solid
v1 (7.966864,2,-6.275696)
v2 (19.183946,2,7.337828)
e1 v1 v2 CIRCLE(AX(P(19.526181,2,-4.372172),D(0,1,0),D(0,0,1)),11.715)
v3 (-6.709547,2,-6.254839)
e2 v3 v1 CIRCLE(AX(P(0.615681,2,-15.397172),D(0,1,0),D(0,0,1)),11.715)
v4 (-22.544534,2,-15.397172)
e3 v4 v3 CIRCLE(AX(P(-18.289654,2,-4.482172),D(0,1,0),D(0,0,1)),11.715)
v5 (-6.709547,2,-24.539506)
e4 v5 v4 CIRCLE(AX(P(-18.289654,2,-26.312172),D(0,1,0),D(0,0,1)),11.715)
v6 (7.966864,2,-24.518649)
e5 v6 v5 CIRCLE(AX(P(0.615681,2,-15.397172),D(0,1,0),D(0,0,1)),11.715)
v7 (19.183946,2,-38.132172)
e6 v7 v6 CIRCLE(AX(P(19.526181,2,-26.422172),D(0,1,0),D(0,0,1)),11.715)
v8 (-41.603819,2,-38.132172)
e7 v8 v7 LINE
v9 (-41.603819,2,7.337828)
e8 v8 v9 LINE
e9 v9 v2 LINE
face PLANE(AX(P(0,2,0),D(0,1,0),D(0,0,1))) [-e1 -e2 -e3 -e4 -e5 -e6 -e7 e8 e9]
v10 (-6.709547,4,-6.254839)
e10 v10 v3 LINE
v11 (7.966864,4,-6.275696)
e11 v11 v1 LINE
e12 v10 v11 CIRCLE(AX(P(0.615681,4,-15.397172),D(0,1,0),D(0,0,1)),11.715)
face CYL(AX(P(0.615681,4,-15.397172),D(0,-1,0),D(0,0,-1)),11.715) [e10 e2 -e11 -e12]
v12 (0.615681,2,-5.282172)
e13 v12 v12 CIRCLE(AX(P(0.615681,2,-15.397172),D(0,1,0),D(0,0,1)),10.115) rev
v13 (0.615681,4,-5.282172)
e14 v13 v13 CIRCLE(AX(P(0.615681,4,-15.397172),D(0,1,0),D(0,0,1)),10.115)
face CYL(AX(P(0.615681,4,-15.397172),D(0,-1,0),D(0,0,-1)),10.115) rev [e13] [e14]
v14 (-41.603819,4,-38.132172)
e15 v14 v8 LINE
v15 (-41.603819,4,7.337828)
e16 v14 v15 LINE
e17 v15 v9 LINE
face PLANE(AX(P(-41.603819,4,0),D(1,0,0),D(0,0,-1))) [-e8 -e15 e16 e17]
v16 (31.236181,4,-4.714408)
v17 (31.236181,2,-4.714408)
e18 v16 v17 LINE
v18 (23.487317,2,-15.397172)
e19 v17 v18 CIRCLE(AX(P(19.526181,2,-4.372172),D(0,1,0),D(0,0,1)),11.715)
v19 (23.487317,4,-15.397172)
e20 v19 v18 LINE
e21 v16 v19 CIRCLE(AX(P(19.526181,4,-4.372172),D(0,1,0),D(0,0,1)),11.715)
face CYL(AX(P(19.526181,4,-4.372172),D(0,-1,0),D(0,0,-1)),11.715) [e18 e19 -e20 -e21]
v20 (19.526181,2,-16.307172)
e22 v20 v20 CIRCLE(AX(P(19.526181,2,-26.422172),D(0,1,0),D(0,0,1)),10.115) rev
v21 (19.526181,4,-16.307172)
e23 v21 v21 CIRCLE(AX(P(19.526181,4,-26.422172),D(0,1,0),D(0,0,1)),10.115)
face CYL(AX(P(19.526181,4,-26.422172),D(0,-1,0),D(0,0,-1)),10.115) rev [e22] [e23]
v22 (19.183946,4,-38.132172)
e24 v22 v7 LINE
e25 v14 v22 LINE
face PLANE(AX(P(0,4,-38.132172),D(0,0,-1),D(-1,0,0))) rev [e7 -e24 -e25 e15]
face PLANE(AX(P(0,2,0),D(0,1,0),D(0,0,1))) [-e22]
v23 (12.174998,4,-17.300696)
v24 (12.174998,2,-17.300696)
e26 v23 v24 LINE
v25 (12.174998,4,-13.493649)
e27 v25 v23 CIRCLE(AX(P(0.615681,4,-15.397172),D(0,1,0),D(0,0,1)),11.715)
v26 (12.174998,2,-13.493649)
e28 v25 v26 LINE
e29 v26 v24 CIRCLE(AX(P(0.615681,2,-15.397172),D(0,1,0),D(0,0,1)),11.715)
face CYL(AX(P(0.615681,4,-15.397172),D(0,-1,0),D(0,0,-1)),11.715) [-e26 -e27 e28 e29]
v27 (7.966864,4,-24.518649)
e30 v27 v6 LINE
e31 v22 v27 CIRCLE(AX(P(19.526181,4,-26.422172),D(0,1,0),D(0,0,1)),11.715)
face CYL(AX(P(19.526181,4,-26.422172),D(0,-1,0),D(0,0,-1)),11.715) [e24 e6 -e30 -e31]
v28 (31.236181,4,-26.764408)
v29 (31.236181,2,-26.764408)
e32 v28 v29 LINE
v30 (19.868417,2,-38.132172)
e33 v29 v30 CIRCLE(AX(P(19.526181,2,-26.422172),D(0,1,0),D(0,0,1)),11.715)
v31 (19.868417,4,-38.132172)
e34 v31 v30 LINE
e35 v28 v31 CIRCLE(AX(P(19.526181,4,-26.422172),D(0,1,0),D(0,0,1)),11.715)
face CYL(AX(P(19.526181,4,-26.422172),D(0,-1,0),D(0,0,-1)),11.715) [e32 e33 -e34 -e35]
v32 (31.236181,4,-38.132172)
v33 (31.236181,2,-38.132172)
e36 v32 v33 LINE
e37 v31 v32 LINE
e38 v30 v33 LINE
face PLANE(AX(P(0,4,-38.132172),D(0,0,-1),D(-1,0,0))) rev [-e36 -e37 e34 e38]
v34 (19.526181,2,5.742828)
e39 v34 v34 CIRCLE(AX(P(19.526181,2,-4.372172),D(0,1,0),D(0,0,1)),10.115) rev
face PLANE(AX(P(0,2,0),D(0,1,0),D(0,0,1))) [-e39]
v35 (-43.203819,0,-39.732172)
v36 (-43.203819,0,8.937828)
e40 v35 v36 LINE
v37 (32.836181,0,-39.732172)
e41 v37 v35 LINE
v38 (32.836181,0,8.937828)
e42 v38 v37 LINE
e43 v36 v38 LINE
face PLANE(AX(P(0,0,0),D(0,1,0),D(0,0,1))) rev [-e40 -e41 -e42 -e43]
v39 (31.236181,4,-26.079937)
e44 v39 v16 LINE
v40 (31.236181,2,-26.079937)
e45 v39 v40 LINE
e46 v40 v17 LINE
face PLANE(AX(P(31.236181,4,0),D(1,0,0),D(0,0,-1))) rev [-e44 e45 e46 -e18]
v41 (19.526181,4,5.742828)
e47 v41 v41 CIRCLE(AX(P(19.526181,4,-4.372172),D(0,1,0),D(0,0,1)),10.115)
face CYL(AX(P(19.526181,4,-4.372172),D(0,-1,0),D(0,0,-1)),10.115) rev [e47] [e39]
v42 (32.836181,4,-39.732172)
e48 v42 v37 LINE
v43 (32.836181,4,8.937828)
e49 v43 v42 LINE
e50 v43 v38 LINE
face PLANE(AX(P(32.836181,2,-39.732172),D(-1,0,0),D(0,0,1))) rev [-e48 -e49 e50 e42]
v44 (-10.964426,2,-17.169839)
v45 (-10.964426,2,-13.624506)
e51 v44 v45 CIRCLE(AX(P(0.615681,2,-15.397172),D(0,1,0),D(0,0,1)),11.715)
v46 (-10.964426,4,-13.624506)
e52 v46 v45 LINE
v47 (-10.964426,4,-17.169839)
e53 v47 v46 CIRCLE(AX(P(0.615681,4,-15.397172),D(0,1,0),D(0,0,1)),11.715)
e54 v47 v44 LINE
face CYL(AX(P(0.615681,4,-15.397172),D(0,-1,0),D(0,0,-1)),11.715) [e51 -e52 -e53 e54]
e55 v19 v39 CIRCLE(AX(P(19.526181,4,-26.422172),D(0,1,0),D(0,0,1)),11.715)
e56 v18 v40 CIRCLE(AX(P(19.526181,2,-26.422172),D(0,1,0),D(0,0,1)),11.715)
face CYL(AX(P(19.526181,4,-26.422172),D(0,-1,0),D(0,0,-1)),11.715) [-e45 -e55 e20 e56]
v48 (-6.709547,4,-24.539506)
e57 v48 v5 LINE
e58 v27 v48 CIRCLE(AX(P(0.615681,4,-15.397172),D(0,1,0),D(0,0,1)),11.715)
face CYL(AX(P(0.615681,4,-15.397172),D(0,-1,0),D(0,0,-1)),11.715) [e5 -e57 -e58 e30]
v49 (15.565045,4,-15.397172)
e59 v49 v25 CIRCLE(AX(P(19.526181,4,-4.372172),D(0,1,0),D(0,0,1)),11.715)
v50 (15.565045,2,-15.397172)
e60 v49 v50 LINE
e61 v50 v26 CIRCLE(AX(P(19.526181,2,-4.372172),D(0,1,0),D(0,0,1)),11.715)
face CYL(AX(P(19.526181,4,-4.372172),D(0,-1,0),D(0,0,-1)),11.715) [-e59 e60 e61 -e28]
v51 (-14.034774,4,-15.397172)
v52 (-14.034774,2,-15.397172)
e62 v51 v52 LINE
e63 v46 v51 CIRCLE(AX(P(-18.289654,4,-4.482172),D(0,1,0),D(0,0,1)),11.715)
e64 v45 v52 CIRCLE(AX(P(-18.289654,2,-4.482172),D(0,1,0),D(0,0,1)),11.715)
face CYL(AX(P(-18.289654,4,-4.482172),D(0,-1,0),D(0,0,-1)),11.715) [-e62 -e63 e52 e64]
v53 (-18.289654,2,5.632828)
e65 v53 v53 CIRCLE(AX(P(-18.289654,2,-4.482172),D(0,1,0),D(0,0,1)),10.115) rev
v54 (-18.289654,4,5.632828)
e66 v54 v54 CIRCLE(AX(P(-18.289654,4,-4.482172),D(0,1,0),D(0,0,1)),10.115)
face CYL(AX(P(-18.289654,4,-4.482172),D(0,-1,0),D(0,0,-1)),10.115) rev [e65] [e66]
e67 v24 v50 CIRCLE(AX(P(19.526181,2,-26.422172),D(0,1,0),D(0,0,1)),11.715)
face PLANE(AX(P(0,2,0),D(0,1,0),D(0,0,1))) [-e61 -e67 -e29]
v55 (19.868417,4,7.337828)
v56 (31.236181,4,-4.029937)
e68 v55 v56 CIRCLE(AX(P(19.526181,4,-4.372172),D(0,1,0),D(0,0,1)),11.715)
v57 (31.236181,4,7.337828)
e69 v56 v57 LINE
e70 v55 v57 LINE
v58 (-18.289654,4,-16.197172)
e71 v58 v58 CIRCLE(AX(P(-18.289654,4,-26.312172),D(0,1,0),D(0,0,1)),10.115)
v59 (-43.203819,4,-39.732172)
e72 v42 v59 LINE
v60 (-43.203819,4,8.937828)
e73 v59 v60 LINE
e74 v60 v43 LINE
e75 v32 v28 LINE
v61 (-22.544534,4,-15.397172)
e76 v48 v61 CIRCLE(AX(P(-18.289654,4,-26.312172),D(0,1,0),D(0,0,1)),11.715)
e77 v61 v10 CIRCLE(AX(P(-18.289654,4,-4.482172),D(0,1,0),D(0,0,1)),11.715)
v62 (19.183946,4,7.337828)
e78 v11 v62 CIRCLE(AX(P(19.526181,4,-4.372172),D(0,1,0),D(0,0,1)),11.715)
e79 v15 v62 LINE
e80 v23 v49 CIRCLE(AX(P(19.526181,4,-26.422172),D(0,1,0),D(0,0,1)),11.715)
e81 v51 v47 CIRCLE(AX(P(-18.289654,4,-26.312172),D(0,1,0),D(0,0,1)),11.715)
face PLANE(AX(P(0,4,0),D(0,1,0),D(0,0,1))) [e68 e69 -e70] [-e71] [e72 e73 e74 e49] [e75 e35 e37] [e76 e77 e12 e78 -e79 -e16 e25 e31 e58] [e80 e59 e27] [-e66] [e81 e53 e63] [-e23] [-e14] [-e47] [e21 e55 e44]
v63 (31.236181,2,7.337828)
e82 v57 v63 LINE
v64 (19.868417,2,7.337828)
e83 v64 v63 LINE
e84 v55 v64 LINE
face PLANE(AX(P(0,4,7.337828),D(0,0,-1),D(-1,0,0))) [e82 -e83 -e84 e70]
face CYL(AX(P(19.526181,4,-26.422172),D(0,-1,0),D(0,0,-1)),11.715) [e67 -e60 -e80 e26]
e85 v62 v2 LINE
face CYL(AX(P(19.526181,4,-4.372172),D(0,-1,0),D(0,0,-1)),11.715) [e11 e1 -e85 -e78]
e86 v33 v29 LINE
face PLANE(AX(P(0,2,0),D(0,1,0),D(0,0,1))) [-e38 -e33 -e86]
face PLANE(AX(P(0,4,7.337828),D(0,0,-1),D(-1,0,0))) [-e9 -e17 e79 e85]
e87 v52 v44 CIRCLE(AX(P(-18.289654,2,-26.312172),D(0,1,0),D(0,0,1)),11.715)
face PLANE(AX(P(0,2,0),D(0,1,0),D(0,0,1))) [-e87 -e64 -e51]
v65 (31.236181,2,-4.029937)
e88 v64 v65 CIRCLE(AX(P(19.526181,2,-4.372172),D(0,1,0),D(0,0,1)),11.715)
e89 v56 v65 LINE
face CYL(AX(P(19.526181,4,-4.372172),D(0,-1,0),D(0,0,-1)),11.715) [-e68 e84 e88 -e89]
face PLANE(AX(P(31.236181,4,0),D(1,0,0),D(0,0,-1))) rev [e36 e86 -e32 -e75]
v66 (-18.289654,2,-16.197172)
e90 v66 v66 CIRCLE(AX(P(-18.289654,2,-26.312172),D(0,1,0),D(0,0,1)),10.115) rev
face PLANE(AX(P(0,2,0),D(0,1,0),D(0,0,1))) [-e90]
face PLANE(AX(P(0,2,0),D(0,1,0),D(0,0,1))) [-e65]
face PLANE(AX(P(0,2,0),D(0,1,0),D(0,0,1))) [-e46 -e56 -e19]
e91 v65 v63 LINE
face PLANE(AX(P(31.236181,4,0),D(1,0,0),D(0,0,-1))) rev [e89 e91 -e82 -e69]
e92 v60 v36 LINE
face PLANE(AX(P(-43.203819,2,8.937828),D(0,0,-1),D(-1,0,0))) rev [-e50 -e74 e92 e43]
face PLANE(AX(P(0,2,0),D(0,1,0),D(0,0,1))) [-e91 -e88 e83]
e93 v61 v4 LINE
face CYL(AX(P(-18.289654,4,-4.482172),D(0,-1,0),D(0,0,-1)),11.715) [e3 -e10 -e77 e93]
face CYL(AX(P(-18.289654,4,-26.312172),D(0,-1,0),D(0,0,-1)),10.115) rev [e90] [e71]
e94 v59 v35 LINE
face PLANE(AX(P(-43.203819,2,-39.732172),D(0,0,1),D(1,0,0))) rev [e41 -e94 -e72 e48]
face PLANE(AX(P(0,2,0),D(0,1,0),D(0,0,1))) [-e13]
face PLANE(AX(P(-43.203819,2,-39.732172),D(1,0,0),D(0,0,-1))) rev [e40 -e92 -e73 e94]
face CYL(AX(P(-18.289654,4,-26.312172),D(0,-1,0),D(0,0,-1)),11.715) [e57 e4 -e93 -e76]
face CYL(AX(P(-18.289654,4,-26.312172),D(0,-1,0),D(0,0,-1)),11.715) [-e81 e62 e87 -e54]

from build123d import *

# Parameters (mm, degrees)
SKETCH1_W           = 76.04
SKETCH1_H           = 48.67
BOSS_EXTRUDE1_DEPTH = 2
SKETCH2_R           = 10.115
BOSS_EXTRUDE5_DEPTH = 2
BOSS_EXTRUDE6_DEPTH = 2


with BuildPart() as part:
    # Sketch1 → Boss-Extrude1 (new body)
    with BuildSketch(Plane(origin=(0, 0, 0), x_dir=(1, 0, 0), z_dir=(0, 1, 0))):
        with Locations((-5.18381875, 15.397172461)):
            Rectangle(SKETCH1_W, SKETCH1_H)
    extrude(amount=BOSS_EXTRUDE1_DEPTH)

    # Sketch2 → Boss-Extrude5 (add)
    with BuildSketch(Plane(origin=(0, 2, 0), x_dir=(1, 0, 0), z_dir=(0, 1, 0))):
        with BuildLine():
            ThreePointArc((7.966863666, 24.51864889), (0.632329313, 27.112160631), (-6.709546926, 24.539506243))
            ThreePointArc((-6.709546926, 24.539506243), (-24.147153985, 36.457660066), (-22.544533536, 15.397172461))
            ThreePointArc((-22.544533536, 15.397172461), (-24.147153985, -5.663315144), (-6.709546926, 6.254838679))
            ThreePointArc((-6.709546926, 6.254838679), (0.632329313, 3.682184291), (7.966863666, 6.275696032))
            ThreePointArc((7.966863666, 6.275696032), (10.484956429, -3.077490534), (19.183945951, -7.337827539))
            Line((19.183945951, -7.337827539), (19.868416549, -7.337827539))
            ThreePointArc((19.868416549, -7.337827539), (27.809937192, -3.911583481), (31.23618125, 4.029937162))
            Line((31.23618125, 4.029937162), (31.23618125, 4.71440776))
            ThreePointArc((31.23618125, 4.71440776), (29.009139273, 11.250742962), (23.487317451, 15.397172461))
            ThreePointArc((23.487317451, 15.397172461), (29.009139273, 19.54360196), (31.23618125, 26.079937162))
            Line((31.23618125, 26.079937162), (31.23618125, 26.76440776))
            ThreePointArc((31.23618125, 26.76440776), (27.809937192, 34.705928403), (19.868416549, 38.132172461))
            Line((19.868416549, 38.132172461), (19.183945951, 38.132172461))
            ThreePointArc((19.183945951, 38.132172461), (10.484956429, 33.871835456), (7.966863666, 24.51864889))
        make_face()
        with Locations(Location((-18.289653985, 4.482172461, 0), (0, 0, 270))):
            Circle(SKETCH2_R, mode=Mode.SUBTRACT)
        with Locations(Location((0.61568058, 15.397172461, 0), (0, 0, 270))):
            Circle(SKETCH2_R, mode=Mode.SUBTRACT)
        with Locations(Location((19.52618125, 4.372172461, 0), (0, 0, 270))):
            Circle(SKETCH2_R, mode=Mode.SUBTRACT)
        with Locations(Location((-18.289653985, 26.312172461, 0), (0, 0, 270))):
            Circle(SKETCH2_R, mode=Mode.SUBTRACT)
        with BuildLine():
            ThreePointArc((-10.964426478, 17.169838679), (-11.09931942, 15.397172461), (-10.964426478, 13.624506243))
            ThreePointArc((-10.964426478, 13.624506243), (-12.432153985, 14.627660066), (-14.034774433, 15.397172461))
            ThreePointArc((-14.034774433, 15.397172461), (-12.432153985, 16.166684856), (-10.964426478, 17.169838679))
        make_face(mode=Mode.SUBTRACT)
        with BuildLine():
            ThreePointArc((12.174998164, 13.49364889), (12.33068058, 15.397172461), (12.174998164, 17.300696032))
            ThreePointArc((12.174998164, 17.300696032), (13.790504097, 16.207318933), (15.565045049, 15.397172461))
            ThreePointArc((15.565045049, 15.397172461), (13.790504097, 14.587025989), (12.174998164, 13.49364889))
        make_face(mode=Mode.SUBTRACT)
        with Locations(Location((19.52618125, 26.422172461, 0), (0, 0, 270))):
            Circle(SKETCH2_R, mode=Mode.SUBTRACT)
    extrude(amount=BOSS_EXTRUDE5_DEPTH)

    # Sketch3 → Boss-Extrude6 (add)
    with BuildSketch(Plane(origin=(0, 2, 0), x_dir=(1, 0, 0), z_dir=(0, 1, 0))):
        Polygon((-41.60381875, 39.732172461), (-43.20381875, 39.732172461), (-43.20381875, -8.937827539), (31.23618125, -8.937827539), (32.83618125, -8.937827539), (32.83618125, 39.732172461), align=None)
        Polygon((-41.60381875, -7.337827539), (-41.60381875, 38.132172461), (19.183945951, 38.132172461), (19.868416549, 38.132172461), (31.23618125, 38.132172461), (31.23618125, 26.76440776), (31.23618125, 26.079937162), (31.23618125, 4.71440776), (31.23618125, 4.029937162), (31.23618125, -7.337827539), (19.868416549, -7.337827539), (19.183945951, -7.337827539), align=None, mode=Mode.SUBTRACT)
    extrude(amount=BOSS_EXTRUDE6_DEPTH)


solid = part.part
